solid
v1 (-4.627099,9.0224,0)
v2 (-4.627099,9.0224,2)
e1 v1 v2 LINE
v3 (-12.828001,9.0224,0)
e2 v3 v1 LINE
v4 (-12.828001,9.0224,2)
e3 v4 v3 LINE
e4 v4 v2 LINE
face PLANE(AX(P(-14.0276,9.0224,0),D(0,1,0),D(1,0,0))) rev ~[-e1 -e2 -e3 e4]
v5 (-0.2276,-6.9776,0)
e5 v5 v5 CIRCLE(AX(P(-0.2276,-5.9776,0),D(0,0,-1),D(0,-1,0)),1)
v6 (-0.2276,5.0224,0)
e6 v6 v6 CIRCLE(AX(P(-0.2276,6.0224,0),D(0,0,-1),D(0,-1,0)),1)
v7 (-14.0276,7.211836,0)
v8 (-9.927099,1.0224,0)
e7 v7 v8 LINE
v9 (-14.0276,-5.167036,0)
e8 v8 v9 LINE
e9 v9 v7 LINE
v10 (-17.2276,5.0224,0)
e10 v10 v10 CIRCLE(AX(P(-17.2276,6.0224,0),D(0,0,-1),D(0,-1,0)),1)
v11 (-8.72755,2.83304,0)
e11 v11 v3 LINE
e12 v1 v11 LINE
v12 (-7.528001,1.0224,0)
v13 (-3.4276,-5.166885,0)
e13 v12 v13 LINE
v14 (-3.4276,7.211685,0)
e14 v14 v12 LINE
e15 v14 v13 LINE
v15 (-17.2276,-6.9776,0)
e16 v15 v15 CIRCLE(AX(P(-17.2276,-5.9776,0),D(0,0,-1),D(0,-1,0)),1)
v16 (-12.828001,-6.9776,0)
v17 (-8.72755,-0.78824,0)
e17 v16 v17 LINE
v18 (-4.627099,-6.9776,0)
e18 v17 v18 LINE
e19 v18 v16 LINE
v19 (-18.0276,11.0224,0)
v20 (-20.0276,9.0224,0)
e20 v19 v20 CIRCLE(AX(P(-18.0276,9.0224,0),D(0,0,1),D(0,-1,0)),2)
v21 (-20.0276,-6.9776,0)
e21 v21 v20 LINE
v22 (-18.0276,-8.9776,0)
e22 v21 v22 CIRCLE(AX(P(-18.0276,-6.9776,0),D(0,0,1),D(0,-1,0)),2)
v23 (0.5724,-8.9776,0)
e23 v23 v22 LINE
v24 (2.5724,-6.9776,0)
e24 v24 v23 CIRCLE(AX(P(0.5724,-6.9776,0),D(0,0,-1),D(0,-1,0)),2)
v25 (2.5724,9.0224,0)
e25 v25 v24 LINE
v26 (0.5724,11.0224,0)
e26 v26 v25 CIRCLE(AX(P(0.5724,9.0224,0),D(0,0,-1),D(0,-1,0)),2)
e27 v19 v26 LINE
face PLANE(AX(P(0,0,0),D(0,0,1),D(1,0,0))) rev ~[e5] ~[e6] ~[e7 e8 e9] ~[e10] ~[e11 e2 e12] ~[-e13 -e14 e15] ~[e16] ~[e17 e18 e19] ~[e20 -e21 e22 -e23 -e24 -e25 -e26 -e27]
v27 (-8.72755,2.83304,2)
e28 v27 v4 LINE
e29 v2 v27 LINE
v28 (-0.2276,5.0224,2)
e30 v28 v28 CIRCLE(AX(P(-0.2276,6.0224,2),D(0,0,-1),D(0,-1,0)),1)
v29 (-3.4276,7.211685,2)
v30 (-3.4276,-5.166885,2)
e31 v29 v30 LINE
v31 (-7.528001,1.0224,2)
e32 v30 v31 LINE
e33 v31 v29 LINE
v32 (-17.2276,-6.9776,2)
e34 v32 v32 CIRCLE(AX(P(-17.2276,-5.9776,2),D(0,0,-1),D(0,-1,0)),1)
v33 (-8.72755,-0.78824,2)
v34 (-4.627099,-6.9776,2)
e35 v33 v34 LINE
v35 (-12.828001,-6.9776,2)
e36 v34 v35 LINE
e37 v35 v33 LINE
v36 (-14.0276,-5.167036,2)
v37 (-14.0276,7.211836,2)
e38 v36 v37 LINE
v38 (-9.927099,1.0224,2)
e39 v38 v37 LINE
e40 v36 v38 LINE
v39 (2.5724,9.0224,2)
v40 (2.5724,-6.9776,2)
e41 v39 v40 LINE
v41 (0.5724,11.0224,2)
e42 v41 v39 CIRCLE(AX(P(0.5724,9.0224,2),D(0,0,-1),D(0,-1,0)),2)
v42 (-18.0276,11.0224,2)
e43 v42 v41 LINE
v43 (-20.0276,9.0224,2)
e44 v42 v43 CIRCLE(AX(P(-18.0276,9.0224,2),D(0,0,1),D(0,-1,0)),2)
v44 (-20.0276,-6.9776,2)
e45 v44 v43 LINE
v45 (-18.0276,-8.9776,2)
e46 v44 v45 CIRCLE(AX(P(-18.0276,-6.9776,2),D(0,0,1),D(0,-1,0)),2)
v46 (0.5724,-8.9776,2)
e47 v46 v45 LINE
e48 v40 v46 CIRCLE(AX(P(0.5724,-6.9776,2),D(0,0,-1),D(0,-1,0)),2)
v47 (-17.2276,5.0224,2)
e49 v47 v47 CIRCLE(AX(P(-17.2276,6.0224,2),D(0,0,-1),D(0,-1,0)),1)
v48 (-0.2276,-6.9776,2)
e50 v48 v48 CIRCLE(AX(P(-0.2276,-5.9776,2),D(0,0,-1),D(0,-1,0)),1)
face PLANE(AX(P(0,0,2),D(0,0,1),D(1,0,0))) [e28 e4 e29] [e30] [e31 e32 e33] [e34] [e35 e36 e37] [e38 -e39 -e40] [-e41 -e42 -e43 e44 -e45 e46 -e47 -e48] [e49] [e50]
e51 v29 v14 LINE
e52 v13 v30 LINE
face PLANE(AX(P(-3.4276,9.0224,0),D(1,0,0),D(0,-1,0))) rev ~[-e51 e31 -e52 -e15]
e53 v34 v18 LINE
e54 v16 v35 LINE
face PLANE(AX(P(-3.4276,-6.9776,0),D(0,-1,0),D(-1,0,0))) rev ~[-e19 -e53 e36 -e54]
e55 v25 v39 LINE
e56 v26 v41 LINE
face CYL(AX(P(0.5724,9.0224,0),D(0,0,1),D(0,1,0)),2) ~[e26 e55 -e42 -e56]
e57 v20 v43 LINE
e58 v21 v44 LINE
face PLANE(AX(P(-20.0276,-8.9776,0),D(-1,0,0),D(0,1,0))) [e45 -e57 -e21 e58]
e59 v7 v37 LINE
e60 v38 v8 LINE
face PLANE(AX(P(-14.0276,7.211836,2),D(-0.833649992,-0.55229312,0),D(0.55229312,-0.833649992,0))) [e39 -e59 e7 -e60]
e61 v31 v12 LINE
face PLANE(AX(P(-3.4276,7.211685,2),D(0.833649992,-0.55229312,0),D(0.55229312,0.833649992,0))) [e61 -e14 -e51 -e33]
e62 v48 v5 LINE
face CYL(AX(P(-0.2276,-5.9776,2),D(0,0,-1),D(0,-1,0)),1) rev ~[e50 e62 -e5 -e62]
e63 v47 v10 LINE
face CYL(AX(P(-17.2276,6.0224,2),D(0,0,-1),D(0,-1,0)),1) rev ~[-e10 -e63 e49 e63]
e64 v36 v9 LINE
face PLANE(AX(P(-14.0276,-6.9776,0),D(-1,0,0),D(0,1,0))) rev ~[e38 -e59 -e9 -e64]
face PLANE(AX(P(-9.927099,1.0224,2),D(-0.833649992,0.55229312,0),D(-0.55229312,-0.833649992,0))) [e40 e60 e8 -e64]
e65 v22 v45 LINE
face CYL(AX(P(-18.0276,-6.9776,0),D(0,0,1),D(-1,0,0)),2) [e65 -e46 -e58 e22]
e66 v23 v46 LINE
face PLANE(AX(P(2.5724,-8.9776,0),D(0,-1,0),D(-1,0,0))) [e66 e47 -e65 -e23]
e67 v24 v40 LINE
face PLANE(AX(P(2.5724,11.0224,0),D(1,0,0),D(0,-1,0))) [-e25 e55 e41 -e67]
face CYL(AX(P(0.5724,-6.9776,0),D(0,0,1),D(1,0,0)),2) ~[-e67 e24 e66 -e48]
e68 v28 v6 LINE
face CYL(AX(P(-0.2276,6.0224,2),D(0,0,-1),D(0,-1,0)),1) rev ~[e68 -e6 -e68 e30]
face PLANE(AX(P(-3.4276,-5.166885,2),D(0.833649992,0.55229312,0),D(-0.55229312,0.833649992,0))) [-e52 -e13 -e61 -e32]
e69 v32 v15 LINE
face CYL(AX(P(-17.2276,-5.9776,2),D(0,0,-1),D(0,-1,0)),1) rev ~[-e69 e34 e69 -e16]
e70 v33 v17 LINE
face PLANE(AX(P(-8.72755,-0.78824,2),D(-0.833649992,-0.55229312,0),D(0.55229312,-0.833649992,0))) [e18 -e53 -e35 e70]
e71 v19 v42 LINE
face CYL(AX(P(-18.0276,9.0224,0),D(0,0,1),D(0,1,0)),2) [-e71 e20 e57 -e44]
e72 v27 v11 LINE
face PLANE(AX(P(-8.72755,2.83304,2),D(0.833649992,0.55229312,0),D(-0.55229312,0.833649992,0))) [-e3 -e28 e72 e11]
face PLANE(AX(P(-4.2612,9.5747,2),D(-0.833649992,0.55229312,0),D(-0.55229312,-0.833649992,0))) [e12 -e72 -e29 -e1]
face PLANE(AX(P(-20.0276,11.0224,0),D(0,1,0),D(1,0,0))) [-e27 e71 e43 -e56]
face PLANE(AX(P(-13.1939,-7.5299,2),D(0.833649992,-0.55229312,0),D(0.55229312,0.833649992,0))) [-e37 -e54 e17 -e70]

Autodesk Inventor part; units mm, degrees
ref_plane "YZ Plane" through (0, 0, 0) normal (1, 0, 0) x (0, 1, 0)
ref_plane "XZ Plane" through (0, 0, 0) normal (0, 1, 0) x (-1, 0, 0)
ref_plane "XY Plane" through (0, 0, 0) normal (0, 0, 1) x (1, 0, 0)
sketch "Sketch1" plane through (0, 0, 0) normal (0, 0, 1) x (1, 0, 0)
  line L0 (-20.0276, 11.0224) -> (2.5724, 11.0224)
  line L1 (2.5724, 11.0224) -> (2.5724, -8.9776)
  line L2 (2.5724, -8.9776) -> (-20.0276, -8.9776)
  line L3 (-20.0276, -8.9776) -> (-20.0276, 11.0224)
  line L4 (-14.0276, 9.0224) -> (-3.4276, 9.0224)
  line L5 (-3.4276, 9.0224) -> (-3.4276, -6.9776)
  line L6 (-3.4276, -6.9776) -> (-14.0276, -6.9776)
  line L7 (-14.0276, -6.9776) -> (-14.0276, 9.0224)
  point P0 (0, 0)
  point P1 (-20.0276, -6.9776)
  point P2 (-20.0276, 9.0224)
  point P3 (-18.0276, -6.9776)
  point P4 (-18.0276, 9.0224)
  dimension "d0" = 20
  dimension "d1" = 22.6
  dimension "d2" = 2
  dimension "d3" = 6
  dimension "d4" = 6
  dimension "d5" = 2
extrude "Extrusion1" add sketch "Sketch1" along normal blind 2
sketch "Sketch2" plane through (0, 0, 2) normal (0, 0, 1) x (1, 0, 0)
  line L0 (-20.0276, 11.0224) -> (-20.0276, -8.9776) projected
  line L1 (-20.0276, -8.9776) -> (2.5724, -8.9776) projected
  line L2 (2.5724, -8.9776) -> (2.5724, 11.0224) projected
  point P0 (0, 0)
  point P1 (-17.2276, 6.0224)
  point P2 (-17.2276, -5.9776)
  point P3 (-0.2276, 6.0224)
  point P4 (-0.2276, -5.9776)
  dimension "d8" = 2.8
  dimension "d9" = 3
  dimension "d10" = 3
  dimension "d11" = 2.8
  dimension "d12" = 2.8
  dimension "d13" = 2.8
  dimension "d14" = 12
  dimension "d15" = 12
hole "Hole1" at (-17.2276, 6.0224, 2) at (-17.2276, -5.9776, 2) at (-0.2276, 6.0224, 2) at (-0.2276, -5.9776, 2) direction (0, 0, -1) diameter 2 depth 10 tip angle 118
sketch "Sketch3" plane through (0, 0, 2) normal (0, 0, 1) x (1, 0, 0)
  line L0 (-14.0276, -6.9776) -> (-14.0276, 9.0224) projected
  line L1 (-3.4276, 9.0224) -> (-3.4276, -6.9776) projected
  line L2 (-14.0276, 9.0224) -> (-3.4276, -6.9776) construction
  line L3 (-14.8612, 8.4701) -> (-4.2612, -7.5299)
  line L4 (-2.5939, -6.4253) -> (-13.1939, 9.5747)
  arc A0 (-13.1939, 9.5747) -> (-14.8612, 8.4701) centre (-14.0276, 9.0224) ccw
  arc A1 (-4.2612, -7.5299) -> (-2.5939, -6.4253) centre (-3.4276, -6.9776) ccw
  line L5 (-3.4276, 9.0224) -> (-14.0276, -6.9776) construction
  line L6 (-4.2612, 9.5747) -> (-14.8612, -6.4253)
  line L7 (-13.1939, -7.5299) -> (-2.5939, 8.4701)
  arc A2 (-2.5939, 8.4701) -> (-4.2612, 9.5747) centre (-3.4276, 9.0224) ccw
  arc A3 (-14.8612, -6.4253) -> (-13.1939, -7.5299) centre (-14.0276, -6.9776) ccw
  point P0 (0, 0)
  point P1 (-8.7276, 1.0224)
  point P2 (-8.7276, 1.0224)
  point P3 (-9.9271, 1.0224)
  point P4 (-8.7276, -0.7882)
  point P5 (-7.528, 1.0224)
  point P6 (-8.7276, 2.833)
  dimension "d23" = 2
  dimension "d24" = 2
extrude "Extrusion2" add sketch "Sketch3" against normal blind 2 contours L6 L3 L7 A3 | L3 A0 L4 L6 | L6 L4 L7 L3 | L7 L4 A1 L3 | L6 A2 L7 L4
fillet "Fillet1" radius 2 4 edges at (-20.0276, 11.0224, 1) (2.5724, 11.0224, 1) (2.5724, -8.9776, 1) (-20.0276, -8.9776, 1)
properties part number "face-2"
